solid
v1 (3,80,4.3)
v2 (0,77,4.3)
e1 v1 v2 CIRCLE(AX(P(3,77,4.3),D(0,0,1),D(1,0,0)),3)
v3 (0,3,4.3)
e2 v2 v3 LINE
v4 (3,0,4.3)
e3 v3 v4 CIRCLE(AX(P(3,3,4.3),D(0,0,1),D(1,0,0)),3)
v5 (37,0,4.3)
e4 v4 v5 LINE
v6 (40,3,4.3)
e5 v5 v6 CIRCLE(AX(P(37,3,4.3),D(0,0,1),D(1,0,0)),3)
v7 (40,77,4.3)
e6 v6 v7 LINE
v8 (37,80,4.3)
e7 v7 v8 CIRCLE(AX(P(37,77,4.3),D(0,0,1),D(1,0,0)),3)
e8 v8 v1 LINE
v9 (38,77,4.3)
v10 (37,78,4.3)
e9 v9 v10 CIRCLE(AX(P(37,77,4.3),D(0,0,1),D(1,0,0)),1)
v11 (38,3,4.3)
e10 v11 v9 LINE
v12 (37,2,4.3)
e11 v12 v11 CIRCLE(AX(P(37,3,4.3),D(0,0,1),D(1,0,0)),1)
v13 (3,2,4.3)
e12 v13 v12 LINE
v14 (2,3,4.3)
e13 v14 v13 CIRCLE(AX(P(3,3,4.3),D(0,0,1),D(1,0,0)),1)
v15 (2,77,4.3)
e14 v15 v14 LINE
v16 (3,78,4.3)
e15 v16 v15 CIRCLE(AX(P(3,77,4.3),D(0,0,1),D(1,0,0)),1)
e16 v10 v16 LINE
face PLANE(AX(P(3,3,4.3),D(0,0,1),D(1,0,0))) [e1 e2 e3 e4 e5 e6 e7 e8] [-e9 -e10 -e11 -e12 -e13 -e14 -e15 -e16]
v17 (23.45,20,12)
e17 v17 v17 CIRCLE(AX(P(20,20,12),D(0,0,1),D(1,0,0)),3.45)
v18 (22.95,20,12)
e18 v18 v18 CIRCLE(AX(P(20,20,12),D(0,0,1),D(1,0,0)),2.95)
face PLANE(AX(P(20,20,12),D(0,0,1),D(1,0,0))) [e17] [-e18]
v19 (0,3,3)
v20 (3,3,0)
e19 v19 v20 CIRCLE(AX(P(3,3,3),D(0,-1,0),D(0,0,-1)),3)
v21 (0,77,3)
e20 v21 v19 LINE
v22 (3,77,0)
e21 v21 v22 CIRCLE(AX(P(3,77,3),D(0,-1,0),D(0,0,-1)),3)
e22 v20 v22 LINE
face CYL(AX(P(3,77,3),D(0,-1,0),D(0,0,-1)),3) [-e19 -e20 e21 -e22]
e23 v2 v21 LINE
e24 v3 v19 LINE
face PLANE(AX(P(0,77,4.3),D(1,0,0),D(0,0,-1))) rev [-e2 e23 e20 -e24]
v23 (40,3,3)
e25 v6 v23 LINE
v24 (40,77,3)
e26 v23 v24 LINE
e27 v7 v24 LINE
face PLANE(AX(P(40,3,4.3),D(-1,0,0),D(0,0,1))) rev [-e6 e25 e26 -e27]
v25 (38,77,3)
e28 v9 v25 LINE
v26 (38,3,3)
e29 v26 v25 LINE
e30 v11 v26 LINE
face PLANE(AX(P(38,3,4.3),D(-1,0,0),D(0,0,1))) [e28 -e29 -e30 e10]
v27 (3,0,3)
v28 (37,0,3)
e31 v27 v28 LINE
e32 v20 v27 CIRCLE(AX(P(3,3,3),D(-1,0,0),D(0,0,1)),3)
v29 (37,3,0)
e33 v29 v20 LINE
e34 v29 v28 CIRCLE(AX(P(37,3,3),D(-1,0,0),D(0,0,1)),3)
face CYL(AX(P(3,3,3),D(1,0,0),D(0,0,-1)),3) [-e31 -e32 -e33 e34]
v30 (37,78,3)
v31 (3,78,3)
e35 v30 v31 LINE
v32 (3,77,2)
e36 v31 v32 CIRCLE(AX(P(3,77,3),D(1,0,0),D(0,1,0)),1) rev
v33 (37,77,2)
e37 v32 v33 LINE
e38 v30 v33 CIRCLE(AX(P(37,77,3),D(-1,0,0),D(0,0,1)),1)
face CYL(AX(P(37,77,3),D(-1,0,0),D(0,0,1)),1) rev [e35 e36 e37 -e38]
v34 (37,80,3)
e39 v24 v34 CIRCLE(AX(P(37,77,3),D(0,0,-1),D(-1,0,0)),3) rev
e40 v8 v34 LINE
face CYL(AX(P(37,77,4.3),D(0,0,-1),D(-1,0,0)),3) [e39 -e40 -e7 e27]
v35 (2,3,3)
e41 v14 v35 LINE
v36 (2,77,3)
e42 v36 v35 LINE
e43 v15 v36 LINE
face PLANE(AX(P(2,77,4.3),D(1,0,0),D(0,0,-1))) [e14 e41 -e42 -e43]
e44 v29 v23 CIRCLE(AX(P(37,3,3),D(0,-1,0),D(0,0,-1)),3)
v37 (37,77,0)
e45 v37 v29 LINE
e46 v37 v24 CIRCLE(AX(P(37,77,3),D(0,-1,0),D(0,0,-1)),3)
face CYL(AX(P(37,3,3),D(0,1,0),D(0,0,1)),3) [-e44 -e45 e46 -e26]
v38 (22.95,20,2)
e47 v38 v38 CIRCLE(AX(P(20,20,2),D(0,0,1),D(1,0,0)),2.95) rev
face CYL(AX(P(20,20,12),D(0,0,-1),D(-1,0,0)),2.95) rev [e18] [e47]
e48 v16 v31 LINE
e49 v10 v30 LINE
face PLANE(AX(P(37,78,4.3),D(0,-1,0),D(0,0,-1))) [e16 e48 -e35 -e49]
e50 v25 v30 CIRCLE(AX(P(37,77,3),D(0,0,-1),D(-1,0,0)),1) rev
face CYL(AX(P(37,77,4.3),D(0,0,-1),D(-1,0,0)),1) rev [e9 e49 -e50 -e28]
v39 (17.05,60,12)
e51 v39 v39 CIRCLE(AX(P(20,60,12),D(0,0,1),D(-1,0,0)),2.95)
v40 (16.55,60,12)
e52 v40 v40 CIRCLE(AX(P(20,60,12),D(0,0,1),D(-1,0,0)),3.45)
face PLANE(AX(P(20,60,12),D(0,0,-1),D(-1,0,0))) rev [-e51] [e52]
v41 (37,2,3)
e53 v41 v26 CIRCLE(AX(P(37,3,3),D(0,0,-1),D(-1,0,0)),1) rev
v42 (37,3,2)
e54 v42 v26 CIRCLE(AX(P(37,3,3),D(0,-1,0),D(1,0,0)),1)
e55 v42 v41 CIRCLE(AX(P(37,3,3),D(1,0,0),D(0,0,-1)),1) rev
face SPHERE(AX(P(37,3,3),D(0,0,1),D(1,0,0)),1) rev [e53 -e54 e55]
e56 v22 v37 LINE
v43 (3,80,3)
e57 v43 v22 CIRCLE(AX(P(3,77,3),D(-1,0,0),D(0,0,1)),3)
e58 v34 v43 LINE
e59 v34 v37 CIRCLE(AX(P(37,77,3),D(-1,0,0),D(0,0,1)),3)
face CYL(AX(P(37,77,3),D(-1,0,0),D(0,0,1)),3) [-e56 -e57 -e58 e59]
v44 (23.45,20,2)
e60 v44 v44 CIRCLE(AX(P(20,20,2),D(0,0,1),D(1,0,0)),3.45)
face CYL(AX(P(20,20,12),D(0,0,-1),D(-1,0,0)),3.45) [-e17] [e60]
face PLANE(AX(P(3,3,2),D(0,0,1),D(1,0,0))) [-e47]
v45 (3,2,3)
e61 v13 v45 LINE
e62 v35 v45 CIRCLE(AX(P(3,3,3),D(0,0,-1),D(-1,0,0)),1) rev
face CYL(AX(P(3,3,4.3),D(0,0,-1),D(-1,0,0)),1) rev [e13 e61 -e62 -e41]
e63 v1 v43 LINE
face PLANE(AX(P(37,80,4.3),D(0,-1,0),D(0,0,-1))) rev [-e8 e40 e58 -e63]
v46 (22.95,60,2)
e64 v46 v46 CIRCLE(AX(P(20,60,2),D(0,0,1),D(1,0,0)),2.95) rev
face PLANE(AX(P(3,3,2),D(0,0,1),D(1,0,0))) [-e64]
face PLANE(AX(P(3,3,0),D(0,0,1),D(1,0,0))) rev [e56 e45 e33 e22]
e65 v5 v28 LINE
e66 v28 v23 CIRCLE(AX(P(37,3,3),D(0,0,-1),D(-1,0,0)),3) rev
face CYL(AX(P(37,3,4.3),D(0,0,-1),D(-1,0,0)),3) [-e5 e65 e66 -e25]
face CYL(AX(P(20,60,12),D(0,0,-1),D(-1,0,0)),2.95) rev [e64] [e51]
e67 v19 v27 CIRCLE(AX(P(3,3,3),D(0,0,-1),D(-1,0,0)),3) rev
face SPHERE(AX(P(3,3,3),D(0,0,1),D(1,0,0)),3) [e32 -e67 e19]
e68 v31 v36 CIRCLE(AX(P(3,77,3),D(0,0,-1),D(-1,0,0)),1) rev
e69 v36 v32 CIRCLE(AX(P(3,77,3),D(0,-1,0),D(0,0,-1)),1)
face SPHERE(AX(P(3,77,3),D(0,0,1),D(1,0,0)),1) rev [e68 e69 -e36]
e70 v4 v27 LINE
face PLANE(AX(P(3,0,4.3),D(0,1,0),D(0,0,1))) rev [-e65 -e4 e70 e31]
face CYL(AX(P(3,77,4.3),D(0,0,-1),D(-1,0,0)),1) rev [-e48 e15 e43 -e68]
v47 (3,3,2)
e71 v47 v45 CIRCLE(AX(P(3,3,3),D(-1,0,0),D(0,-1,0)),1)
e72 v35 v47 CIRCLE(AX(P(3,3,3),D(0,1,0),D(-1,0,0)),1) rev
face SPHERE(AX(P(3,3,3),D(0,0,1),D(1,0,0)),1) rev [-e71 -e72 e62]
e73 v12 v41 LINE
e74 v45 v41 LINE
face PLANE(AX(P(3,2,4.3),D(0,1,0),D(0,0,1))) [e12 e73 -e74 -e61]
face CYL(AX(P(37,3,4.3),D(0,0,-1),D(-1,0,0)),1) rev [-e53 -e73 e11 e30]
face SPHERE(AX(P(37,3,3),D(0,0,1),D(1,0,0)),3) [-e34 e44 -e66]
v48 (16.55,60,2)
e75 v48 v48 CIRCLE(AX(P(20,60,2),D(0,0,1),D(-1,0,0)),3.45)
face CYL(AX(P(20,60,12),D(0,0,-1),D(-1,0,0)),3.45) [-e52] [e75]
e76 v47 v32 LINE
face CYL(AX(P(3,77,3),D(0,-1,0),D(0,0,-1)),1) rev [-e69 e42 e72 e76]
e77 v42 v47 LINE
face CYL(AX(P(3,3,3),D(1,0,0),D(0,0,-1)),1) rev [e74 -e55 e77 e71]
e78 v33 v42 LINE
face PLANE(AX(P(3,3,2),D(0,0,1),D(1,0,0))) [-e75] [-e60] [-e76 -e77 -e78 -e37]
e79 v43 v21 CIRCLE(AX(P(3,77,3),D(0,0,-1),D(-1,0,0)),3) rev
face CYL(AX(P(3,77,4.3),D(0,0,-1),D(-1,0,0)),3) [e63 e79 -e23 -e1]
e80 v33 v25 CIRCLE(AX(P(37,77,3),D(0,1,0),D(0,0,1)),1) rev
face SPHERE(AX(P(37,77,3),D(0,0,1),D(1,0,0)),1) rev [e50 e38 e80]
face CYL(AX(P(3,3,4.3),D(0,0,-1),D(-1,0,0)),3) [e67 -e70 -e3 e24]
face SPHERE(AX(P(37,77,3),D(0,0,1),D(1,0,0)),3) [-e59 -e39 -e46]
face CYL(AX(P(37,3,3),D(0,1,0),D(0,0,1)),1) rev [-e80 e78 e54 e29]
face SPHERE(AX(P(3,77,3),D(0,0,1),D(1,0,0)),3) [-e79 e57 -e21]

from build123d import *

# Parameters (mm, degrees)
EXTRUDE_1_DEPTH = 4.3
FILLET_1_R      = 3
SHELL_1_T       = -2
SKETCH_3_R      = 3.45
SKETCH_3_R_2    = 2.95
EXTRUDE_2_DEPTH = 10


with BuildPart() as part:
    # 草图1 → 凸台-拉伸1 (new body)
    with BuildSketch(Plane.XY):
        with BuildLine():
            Line((3, 0), (37, 0))
            ThreePointArc((37, 0), (39.121320344, 0.878679656), (40, 3))
            Line((40, 3), (40, 77))
            ThreePointArc((40, 77), (39.121320344, 79.121320344), (37, 80))
            Line((37, 80), (3, 80))
            ThreePointArc((3, 80), (0.878679656, 79.121320344), (0, 77))
            Line((0, 77), (0, 3))
            ThreePointArc((0, 3), (0.878679656, 0.878679656), (3, 0))
        make_face()
    extrude(amount=EXTRUDE_1_DEPTH)

    # 圆角1
    fillet_1_edges = [part.edges().sort_by_distance(p)[0] for p in [
        (20, 0, 0),
        (0.878679656, 0.878679656, 0),
        (0, 40, 0),
        (0.878679656, 79.121320344, 0),
        (20, 80, 0),
        (39.121320344, 79.121320344, 0),
        (40, 40, 0),
        (39.121320344, 0.878679656, 0),
    ]]
    fillet(fillet_1_edges, radius=FILLET_1_R)

    # 抽壳1
    shell_1_openings = [part.faces().sort_by_distance(p)[0] for p in [
        (20, 40, 4.3),
    ]]
    offset(amount=SHELL_1_T, openings=shell_1_openings, kind=Kind.INTERSECTION)

    # 草图3 → 凸台-拉伸2 (add)
    # profile 1 of 2: a face of its own
    with BuildSketch(Plane.XY.offset(2)):
        with Locations((20, 20)):
            Circle(SKETCH_3_R)
        with Locations((20, 20)):
            Circle(SKETCH_3_R_2, mode=Mode.SUBTRACT)
    # profile 2 of 2: a face of its own
    with BuildSketch(Plane.XY.offset(2)):
        with Locations(Location((20, 60, 0), (0, 0, 180))):
            Circle(SKETCH_3_R)
        with Locations(Location((20, 60, 0), (0, 0, 180))):
            Circle(SKETCH_3_R_2, mode=Mode.SUBTRACT)
    extrude(amount=EXTRUDE_2_DEPTH)


solid = part.part
